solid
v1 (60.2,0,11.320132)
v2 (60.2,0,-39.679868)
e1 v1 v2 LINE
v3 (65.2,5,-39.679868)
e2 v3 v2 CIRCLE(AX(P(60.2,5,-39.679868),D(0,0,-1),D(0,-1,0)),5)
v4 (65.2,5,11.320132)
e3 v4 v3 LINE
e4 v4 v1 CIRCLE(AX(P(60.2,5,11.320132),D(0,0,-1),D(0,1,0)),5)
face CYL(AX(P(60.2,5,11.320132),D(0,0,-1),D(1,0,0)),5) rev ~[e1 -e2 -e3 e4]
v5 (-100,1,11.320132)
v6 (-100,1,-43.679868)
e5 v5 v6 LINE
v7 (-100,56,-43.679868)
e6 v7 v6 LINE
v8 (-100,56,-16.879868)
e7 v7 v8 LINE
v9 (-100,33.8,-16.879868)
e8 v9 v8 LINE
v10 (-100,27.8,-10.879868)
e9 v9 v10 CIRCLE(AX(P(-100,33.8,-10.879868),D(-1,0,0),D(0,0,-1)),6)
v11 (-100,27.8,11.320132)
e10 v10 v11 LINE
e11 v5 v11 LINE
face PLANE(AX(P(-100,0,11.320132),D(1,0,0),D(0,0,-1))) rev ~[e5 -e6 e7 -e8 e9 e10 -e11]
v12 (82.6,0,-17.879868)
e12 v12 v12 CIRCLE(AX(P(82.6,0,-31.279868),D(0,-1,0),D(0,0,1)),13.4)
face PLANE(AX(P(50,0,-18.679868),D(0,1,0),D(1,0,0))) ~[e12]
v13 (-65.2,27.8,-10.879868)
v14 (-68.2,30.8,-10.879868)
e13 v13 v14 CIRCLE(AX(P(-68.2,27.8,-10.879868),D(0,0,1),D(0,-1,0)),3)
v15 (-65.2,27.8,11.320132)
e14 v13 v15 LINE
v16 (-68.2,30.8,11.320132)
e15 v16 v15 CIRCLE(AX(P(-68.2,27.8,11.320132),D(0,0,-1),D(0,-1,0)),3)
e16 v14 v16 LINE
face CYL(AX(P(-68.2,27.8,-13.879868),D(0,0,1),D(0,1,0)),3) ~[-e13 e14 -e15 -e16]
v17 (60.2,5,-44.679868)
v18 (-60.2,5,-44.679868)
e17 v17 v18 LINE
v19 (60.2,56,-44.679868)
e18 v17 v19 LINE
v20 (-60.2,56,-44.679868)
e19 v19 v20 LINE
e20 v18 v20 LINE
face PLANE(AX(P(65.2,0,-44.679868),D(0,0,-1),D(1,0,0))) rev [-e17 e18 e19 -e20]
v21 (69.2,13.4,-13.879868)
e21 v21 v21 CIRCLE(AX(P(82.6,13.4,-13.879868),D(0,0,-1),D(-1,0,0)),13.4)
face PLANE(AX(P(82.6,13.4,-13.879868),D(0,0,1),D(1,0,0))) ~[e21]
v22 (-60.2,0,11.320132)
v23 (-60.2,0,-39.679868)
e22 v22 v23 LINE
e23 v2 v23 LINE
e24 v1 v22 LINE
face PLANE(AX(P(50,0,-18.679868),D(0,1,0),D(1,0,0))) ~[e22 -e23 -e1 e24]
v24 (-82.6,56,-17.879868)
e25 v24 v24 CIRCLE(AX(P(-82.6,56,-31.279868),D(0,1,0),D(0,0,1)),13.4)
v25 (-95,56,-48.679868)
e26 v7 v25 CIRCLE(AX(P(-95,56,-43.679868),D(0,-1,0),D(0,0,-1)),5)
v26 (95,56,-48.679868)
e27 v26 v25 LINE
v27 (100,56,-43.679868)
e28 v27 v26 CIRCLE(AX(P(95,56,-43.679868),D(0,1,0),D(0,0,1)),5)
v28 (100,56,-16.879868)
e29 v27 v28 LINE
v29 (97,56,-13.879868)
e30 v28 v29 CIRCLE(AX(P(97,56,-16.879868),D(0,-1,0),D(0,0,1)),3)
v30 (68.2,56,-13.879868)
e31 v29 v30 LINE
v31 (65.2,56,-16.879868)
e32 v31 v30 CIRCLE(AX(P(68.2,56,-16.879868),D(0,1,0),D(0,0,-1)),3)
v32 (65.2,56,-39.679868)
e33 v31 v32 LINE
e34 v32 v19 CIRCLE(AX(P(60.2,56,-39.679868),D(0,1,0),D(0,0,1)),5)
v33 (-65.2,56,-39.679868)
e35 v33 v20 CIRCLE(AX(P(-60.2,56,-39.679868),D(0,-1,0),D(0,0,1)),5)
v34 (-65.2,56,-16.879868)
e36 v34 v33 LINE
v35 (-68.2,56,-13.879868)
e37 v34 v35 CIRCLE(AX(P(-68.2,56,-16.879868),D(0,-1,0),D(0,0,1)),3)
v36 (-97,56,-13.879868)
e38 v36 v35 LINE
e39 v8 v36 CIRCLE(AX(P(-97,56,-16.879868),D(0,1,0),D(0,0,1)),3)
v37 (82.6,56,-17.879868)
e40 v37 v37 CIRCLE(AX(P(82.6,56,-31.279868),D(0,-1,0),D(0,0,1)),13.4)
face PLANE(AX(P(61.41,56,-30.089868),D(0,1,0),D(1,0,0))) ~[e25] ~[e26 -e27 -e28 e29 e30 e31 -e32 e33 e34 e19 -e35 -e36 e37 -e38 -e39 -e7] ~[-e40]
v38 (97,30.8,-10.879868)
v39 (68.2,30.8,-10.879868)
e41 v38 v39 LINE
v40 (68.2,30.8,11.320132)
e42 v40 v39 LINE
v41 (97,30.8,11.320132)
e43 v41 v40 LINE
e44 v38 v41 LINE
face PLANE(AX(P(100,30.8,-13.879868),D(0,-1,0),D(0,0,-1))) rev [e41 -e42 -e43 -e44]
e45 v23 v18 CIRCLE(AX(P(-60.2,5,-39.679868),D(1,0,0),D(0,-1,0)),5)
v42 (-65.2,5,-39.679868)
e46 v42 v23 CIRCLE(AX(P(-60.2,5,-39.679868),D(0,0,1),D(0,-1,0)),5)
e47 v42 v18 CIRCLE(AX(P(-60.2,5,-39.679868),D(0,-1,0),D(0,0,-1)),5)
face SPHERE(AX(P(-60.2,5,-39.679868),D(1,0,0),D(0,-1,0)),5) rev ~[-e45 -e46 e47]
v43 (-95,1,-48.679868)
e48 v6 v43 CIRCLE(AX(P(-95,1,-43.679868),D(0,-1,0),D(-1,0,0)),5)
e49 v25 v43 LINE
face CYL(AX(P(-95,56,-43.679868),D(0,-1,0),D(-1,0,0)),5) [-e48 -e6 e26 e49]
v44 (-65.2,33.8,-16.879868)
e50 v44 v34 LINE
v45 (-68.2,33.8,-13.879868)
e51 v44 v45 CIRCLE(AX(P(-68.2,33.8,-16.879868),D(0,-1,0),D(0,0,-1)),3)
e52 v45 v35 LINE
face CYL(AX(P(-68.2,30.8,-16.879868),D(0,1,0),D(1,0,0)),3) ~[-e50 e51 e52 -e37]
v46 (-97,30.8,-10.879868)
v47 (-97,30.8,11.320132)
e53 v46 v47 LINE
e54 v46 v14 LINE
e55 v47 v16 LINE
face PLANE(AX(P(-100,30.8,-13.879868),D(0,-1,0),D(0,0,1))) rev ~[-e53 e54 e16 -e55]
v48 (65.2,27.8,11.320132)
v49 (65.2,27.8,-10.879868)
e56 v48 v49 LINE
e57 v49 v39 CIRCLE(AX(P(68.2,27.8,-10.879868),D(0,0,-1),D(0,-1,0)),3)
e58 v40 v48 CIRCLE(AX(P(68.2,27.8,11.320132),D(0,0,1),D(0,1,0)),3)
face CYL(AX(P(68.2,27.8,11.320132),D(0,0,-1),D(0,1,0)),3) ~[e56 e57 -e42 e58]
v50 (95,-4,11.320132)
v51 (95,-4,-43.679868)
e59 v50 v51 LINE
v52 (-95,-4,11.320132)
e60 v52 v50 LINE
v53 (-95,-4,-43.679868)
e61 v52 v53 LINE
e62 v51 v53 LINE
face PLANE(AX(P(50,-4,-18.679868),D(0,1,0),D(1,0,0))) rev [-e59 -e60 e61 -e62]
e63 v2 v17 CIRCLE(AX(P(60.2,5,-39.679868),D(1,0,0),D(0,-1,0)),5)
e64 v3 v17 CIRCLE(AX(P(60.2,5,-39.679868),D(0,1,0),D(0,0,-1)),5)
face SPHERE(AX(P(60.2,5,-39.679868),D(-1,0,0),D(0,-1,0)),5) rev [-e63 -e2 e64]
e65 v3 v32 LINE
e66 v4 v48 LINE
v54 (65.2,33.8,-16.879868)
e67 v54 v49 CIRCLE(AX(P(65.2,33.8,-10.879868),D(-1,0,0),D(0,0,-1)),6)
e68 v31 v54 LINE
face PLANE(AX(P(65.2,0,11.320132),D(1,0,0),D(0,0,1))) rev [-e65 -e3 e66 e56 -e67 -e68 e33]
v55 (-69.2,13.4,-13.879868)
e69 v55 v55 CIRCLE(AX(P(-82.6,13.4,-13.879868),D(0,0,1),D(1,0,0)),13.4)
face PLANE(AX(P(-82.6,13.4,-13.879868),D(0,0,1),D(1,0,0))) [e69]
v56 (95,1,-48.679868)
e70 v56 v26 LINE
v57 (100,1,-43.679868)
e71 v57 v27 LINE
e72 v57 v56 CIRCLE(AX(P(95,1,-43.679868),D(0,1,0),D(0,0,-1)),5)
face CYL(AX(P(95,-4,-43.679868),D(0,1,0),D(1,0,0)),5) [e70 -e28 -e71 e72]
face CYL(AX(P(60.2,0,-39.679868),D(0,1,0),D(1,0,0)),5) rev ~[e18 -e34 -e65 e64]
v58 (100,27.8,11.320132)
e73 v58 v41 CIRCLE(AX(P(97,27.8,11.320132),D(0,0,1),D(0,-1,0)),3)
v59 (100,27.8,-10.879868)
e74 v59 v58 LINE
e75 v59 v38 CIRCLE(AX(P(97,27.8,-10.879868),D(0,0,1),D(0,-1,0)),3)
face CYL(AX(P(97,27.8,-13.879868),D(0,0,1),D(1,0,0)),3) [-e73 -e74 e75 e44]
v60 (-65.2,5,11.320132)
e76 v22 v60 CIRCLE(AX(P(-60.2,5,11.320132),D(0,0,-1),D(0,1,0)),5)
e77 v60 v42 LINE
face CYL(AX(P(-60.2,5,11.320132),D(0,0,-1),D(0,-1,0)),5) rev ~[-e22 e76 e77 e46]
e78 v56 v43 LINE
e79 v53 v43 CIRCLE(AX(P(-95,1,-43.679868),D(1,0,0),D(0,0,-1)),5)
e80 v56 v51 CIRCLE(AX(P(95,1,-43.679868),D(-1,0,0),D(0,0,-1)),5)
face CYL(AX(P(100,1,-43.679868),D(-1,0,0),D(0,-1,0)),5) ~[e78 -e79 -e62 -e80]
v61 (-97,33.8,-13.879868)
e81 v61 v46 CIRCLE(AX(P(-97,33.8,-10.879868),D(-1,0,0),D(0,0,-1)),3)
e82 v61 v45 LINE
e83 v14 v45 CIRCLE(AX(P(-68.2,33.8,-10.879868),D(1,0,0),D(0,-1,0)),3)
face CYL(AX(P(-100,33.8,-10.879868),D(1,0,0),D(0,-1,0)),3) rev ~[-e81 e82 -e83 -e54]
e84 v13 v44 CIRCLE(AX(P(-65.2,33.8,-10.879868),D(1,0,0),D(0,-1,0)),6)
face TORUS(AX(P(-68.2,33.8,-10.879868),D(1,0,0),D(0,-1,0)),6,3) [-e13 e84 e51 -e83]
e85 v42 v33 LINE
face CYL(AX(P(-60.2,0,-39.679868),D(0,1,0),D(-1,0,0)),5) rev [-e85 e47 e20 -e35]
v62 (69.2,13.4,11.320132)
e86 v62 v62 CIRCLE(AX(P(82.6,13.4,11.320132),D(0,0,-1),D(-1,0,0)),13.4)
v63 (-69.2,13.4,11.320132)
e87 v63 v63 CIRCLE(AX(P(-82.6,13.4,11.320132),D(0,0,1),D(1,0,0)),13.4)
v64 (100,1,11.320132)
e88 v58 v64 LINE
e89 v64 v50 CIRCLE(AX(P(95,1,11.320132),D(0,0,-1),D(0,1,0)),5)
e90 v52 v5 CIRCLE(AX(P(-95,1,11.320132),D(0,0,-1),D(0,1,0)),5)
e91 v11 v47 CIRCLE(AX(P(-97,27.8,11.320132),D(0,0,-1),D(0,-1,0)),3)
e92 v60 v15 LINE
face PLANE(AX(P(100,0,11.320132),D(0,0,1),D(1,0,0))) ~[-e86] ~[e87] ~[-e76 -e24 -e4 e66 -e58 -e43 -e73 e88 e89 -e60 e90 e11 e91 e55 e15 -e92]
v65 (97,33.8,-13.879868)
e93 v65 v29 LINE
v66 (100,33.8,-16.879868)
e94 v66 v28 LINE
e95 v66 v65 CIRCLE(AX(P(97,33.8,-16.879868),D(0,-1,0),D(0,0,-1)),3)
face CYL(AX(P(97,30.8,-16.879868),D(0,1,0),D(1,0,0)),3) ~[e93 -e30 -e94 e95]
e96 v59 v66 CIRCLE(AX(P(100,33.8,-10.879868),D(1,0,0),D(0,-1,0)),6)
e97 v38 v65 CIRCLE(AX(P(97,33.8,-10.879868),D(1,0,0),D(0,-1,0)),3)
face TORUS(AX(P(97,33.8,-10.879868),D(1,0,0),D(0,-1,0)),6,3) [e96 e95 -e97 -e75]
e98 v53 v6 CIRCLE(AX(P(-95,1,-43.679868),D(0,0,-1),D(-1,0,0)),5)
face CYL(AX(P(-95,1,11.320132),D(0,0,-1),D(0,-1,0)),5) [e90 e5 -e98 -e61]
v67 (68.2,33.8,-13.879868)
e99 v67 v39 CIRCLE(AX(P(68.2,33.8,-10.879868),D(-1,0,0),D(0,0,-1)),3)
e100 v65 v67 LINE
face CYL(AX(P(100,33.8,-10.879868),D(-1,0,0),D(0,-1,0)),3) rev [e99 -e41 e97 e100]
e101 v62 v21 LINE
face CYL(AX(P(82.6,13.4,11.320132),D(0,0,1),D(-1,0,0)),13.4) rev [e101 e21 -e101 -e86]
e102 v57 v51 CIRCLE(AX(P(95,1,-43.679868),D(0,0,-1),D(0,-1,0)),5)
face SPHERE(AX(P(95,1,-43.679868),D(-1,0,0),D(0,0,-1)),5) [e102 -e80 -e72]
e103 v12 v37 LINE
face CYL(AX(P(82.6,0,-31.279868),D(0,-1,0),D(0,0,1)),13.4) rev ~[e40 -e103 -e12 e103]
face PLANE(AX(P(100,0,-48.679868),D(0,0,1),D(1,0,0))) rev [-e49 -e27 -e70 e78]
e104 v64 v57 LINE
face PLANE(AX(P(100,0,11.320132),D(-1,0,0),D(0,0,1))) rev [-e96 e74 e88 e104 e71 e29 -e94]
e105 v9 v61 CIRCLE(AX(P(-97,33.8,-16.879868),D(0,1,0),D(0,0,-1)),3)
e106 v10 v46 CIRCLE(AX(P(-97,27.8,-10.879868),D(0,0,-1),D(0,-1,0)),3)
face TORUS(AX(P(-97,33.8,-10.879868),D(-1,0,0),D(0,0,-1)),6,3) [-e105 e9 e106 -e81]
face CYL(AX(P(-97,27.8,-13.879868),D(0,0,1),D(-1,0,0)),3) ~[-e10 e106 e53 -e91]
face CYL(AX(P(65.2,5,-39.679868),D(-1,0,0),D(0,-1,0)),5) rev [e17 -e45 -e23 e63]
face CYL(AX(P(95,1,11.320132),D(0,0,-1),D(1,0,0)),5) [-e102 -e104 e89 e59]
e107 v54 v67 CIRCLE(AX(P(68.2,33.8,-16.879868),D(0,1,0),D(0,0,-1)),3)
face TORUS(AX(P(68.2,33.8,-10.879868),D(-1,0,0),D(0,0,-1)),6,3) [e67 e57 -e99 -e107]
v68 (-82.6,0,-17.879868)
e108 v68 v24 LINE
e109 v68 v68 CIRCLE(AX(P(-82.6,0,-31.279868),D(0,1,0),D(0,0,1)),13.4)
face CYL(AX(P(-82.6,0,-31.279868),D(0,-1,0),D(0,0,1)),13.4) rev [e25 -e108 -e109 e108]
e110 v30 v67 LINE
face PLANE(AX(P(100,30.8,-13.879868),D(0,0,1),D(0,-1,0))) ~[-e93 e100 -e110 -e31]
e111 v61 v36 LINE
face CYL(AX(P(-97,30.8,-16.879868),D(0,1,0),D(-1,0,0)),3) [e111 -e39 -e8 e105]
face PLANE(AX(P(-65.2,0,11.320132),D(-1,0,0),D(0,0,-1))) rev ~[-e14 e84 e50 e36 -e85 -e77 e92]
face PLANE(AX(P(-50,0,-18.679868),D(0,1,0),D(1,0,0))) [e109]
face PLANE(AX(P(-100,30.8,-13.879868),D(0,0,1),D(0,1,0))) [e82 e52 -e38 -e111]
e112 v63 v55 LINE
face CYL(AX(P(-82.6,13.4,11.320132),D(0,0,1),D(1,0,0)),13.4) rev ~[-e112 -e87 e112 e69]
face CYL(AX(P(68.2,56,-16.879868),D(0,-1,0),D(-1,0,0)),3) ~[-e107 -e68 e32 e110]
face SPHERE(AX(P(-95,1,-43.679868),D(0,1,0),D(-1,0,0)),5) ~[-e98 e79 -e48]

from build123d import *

# Parameters (mm, degrees)
SKETCH1_R           = 13.4
BOSS_EXTRUDE1_DEPTH = 56
SKETCH2_W           = 100
SKETCH2_H           = 60
BOSS_EXTRUDE2_DEPTH = 4
SKETCH3_R           = 13.4
CUT_EXTRUDE1_DEPTH  = 25.2
SKETCH4_W           = 25.2
SKETCH4_H           = 25.2
CUT_EXTRUDE2_DEPTH  = 51.2
FILLET1_R           = 5
FILLET2_R           = 5
FILLET4_R           = 3
FILLET5_R           = 3


with BuildPart() as part:
    # Sketch1 → Boss-Extrude1 (new body)
    with BuildSketch(Plane(origin=(0, 0, 0), x_dir=(1, 0, 0), z_dir=(0, 1, 0))):
        Polygon((-65.2, -11.320132013), (-65.2, 44.679867987), (0, 44.679867987), (0, 48.679867987), (-100, 48.679867987), (-100, -11.320132013), align=None)
        with Locations(Location((-82.6, 31.279867987, 0), (0, 0, 270))):
            Circle(SKETCH1_R, mode=Mode.SUBTRACT)
    boss_extrude1 = extrude(amount=BOSS_EXTRUDE1_DEPTH)

    # Sketch2 → Boss-Extrude2 (add)
    with BuildSketch(Plane(origin=(0, 0, 0), x_dir=(1, 0, 0), z_dir=(0, 1, 0))):
        with Locations((-50, 18.679867987)):
            Rectangle(SKETCH2_W, SKETCH2_H)
    boss_extrude2 = extrude(amount=-BOSS_EXTRUDE2_DEPTH)

    # Sketch3 → Cut-Extrude1 (cut)
    with BuildSketch(Plane.XY.offset(11.320132013)):
        with Locations((-82.6, 13.4)):
            Circle(SKETCH3_R)
    cut_extrude1 = extrude(amount=-CUT_EXTRUDE1_DEPTH, mode=Mode.SUBTRACT)

    # Sketch4 → Cut-Extrude2 (cut)
    with BuildSketch(Plane.ZY.offset(100)):
        with Locations((-1.279867987, 43.4)):
            Rectangle(SKETCH4_W, SKETCH4_H)
    cut_extrude2 = extrude(amount=-CUT_EXTRUDE2_DEPTH, mode=Mode.SUBTRACT)

    # Mirror2: Boss-Extrude1, Boss-Extrude2, Cut-Extrude1, Cut-Extrude2 across plane
    add(boss_extrude1.mirror(Plane.ZY))
    add(boss_extrude2.mirror(Plane.ZY))
    add(cut_extrude1.mirror(Plane.ZY), mode=Mode.SUBTRACT)
    add(cut_extrude2.mirror(Plane.ZY), mode=Mode.SUBTRACT)

    # Fillet1
    fillet1_edges = [part.edges().sort_by_distance(p)[0] for p in [
        (0, 0, -44.679867987),
        (-65.2, 0, -16.679867987),
        (-65.2, 28, -44.679867987),
        (65.2, 0, -16.679867987),
        (65.2, 28, -44.679867987),
    ]]
    fillet(fillet1_edges, radius=FILLET1_R)

    # Fillet2
    fillet2_edges = [part.edges().sort_by_distance(p)[0] for p in [
        (-100, 26, -48.679867987),
        (-100, -4, -18.679867987),
        (0, -4, -48.679867987),
        (100, 26, -48.679867987),
        (100, -4, -18.679867987),
    ]]
    fillet(fillet2_edges, radius=FILLET2_R)

    # Fillet4
    fillet4_edges = [part.edges().sort_by_distance(p)[0] for p in [
        (-65.2, 30.8, -1.279867987),
        (-65.2, 43.4, -13.879867987),
        (-82.6, 30.8, -13.879867987),
        (-100, 43.4, -13.879867987),
        (-100, 30.8, -1.279867987),
    ]]
    fillet(fillet4_edges, radius=FILLET4_R)

    # Fillet5
    fillet5_edges = [part.edges().sort_by_distance(p)[0] for p in [
        (100, 43.4, -13.879867987),
        (82.6, 30.8, -13.879867987),
        (100, 30.8, -1.279867987),
        (65.2, 43.4, -13.879867987),
        (65.2, 30.8, -1.279867987),
    ]]
    fillet(fillet5_edges, radius=FILLET5_R)


solid = part.part
